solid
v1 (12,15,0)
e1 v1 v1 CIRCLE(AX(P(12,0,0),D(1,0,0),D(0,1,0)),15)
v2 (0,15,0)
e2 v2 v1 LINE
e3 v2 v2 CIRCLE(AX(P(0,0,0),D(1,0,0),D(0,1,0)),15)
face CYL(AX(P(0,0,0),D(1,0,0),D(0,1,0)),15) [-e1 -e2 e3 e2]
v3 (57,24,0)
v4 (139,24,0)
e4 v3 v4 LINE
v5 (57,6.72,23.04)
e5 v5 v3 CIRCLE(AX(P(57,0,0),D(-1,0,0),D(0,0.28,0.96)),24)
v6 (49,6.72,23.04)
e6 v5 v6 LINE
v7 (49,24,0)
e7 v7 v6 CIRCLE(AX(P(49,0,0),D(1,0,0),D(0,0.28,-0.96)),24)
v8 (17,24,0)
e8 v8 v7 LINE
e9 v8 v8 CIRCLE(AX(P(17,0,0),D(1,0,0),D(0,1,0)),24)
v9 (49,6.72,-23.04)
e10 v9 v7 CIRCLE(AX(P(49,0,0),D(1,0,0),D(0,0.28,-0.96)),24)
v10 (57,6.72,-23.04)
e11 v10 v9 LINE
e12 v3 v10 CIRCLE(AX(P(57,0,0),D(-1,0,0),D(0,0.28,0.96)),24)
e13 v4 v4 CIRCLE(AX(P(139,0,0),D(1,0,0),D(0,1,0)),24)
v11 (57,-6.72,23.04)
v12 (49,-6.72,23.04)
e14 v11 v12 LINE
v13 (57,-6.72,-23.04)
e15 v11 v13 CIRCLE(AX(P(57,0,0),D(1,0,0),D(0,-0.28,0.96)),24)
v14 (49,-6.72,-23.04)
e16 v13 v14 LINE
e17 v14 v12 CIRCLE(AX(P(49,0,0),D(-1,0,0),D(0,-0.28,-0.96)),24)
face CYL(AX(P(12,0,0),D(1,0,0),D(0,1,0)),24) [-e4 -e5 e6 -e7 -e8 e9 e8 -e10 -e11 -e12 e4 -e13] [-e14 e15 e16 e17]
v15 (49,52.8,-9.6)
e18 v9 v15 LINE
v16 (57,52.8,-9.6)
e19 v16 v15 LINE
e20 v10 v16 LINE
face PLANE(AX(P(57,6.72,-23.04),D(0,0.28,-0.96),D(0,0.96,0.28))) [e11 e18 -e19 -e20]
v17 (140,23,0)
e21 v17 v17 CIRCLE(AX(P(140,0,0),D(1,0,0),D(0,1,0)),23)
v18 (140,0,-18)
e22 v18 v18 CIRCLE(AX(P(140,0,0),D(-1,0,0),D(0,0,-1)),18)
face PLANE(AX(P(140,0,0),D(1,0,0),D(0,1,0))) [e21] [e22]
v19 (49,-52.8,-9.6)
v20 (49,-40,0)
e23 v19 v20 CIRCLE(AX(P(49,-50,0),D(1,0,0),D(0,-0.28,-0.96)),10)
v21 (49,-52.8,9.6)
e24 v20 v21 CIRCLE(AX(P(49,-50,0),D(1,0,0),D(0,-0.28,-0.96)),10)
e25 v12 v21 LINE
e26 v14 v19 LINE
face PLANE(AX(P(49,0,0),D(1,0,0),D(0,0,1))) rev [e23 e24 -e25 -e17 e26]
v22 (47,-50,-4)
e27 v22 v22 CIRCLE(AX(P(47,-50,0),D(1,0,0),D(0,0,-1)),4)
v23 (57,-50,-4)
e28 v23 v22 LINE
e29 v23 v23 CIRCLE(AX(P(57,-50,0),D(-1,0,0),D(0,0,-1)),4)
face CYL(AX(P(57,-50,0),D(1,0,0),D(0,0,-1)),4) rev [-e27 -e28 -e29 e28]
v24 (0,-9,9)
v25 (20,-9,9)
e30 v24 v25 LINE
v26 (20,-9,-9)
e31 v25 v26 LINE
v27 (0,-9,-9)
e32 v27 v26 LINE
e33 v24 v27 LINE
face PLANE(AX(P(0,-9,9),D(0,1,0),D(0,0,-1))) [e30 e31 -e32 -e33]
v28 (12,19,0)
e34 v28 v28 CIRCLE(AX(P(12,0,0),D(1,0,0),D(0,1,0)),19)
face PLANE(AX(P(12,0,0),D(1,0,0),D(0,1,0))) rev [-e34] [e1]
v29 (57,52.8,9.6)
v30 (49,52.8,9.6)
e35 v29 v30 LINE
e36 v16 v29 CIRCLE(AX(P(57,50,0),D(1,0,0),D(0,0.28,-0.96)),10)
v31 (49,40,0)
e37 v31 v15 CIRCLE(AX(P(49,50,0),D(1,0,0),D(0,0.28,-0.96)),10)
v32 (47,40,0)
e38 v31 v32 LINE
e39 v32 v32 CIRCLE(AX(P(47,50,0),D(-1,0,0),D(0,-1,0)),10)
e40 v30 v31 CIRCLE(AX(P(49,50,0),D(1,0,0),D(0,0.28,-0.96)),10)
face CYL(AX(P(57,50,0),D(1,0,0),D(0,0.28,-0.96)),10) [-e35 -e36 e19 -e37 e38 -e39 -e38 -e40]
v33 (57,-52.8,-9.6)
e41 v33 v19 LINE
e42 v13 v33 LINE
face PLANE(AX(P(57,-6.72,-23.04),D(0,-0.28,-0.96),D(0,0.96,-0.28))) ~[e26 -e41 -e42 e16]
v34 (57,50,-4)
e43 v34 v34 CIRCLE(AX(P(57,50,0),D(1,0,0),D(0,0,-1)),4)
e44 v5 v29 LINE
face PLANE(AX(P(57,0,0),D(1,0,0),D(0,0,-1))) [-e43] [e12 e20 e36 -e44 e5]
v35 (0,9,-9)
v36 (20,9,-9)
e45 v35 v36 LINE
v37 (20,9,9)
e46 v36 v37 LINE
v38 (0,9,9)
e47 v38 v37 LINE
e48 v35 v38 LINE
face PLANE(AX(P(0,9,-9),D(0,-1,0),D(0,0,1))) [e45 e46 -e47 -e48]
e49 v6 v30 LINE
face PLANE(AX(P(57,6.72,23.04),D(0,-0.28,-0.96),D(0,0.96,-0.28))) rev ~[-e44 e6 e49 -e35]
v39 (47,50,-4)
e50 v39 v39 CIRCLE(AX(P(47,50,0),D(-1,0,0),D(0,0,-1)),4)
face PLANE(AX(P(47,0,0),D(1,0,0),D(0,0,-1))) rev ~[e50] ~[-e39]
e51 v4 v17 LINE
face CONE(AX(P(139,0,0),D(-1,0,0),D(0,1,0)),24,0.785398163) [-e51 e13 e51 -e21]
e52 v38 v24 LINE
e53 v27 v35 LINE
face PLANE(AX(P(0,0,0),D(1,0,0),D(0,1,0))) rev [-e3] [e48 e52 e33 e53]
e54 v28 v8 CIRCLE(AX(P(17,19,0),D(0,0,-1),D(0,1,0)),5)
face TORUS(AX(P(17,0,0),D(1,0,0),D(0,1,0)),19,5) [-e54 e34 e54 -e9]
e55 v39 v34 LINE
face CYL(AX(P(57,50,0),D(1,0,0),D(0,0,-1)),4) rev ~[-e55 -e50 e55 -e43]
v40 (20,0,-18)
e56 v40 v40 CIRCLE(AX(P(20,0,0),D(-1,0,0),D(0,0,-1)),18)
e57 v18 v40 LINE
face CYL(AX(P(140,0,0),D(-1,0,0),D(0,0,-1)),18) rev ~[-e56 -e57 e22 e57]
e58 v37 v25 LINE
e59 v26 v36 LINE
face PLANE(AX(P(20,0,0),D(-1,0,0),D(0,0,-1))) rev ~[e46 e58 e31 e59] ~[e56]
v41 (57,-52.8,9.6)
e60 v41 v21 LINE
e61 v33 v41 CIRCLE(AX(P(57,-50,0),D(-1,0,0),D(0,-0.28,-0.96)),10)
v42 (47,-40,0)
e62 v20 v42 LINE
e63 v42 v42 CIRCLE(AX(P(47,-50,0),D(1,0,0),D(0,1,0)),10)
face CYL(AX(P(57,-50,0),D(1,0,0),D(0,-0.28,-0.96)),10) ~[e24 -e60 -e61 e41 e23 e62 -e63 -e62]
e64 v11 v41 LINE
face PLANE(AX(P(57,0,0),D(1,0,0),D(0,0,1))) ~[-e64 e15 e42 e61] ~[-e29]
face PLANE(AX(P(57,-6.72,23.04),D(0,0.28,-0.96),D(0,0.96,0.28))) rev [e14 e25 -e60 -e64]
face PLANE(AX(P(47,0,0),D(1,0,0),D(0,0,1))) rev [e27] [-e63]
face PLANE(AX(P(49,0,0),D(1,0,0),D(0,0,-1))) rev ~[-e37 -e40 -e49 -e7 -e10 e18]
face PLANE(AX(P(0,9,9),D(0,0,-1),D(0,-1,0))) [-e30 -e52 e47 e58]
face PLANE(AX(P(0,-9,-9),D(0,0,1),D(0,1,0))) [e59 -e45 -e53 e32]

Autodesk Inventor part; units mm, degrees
ref_plane "YZ Plane" through (0, 0, 0) normal (1, 0, 0) x (0, 1, 0)
ref_plane "XZ Plane" through (0, 0, 0) normal (0, 1, 0) x (-1, 0, 0)
sketch "Эскиз1" plane through (0, 0, 0) normal (0, 0, 1) x (1, 0, 0)
  line L0 (0, 0) -> (140, 0)
  line L1 (0, 0) -> (0, 15)
  line L2 (0, 15) -> (12, 15)
  line L3 (12, 15) -> (12, 24)
  line L4 (12, 24) -> (140, 24)
  line L5 (140, 24) -> (140, 0)
  dimension "d1" = 30
  dimension "d2" = 48
  dimension "d3" = 12
  dimension "d4" = 140
revolve "Вращение1" add sketch "Эскиз1" angle 360 about axis through (0, 0, 0) along (1, 0, 0)
ref_plane "РабПлоскость1" through (57, 0, 0) normal (1, 0, 0) x (0, 0, -1)
sketch "Эскиз2" plane through (57, 0, 0) normal (1, 0, 0) x (0, 0, -1)
  arc A0 (0, 40) -> (9.6, 52.8) centre (0, 50) ccw
  circle A1 centre (0, 0) radius 24 projected
  line L0 (-23.04, 6.72) -> (-9.6, 52.8)
  line L1 (0, -43.1124) -> (0, 90.6743) projected
  line L2 (23.04, 6.72) -> (9.6, 52.8)
  circle A2 centre (0, 50) radius 4
  arc A3 (23.04, 6.72) -> (-23.04, 6.72) centre (0, 0) ccw
  arc A4 (-9.6, 52.8) -> (0, 40) centre (0, 50) ccw
  arc A5 (9.6, 52.8) -> (-9.6, 52.8) centre (0, 50) ccw
  point P0 (0, 0)
  dimension "d7" = 20
  dimension "d8" = 8
  dimension "d13" = 50
extrude "Выдавливание1" add sketch "Эскиз2" against normal blind 8 contours L1 A2 A5 A0 | A0 L2 A1 L1 | A4 A5 L1 A2 | L1 A1 L0 A4
extrude "Выдавливание2" add sketch "Эскиз2" against normal blind 10 contours L1 A2 A5 A0 | A4 A5 L1 A2
mirror "Зеркальное отражение1" about plane through (0, 0, 0) normal (0, 1, 0) of "Выдавливание1", "Выдавливание2"
sketch "Эскиз3" plane through (140, 0, 0) normal (1, 0, 0) x (0, 0, -1)
  circle A0 centre (0, 0) radius 24 projected
hole "Отверстие1" at (140, 0, 0) direction (-1, 0, 0) diameter 36 depth 120
sketch "Эскиз4" plane through (0, 0, 0) normal (-1, 0, 0) x (0, 0, 1)
  line L0 (9, 9) -> (9, -9)
  line L1 (9, -9) -> (-9, -9)
  line L2 (-9, -9) -> (-9, 9)
  line L3 (-9, 9) -> (9, 9)
  point P0 (0, 0)
  point P1 (0, 0)
  dimension "d21" = 18
extrude "Выдавливание3" cut sketch "Эскиз4" against normal up to surface (20 mm away)
thread "Резьба1" size "M48x1.5" class "6g" standard "ISO Metric profile" length 64
fillet "Сопряжение1" radius 5 1 edges at (12, -24, 0)
chamfer "Фаска1" distance 1 angle 45 1 edges at (140, -24, 0)
properties part number "05.01.003" material "Чугун, серый"
